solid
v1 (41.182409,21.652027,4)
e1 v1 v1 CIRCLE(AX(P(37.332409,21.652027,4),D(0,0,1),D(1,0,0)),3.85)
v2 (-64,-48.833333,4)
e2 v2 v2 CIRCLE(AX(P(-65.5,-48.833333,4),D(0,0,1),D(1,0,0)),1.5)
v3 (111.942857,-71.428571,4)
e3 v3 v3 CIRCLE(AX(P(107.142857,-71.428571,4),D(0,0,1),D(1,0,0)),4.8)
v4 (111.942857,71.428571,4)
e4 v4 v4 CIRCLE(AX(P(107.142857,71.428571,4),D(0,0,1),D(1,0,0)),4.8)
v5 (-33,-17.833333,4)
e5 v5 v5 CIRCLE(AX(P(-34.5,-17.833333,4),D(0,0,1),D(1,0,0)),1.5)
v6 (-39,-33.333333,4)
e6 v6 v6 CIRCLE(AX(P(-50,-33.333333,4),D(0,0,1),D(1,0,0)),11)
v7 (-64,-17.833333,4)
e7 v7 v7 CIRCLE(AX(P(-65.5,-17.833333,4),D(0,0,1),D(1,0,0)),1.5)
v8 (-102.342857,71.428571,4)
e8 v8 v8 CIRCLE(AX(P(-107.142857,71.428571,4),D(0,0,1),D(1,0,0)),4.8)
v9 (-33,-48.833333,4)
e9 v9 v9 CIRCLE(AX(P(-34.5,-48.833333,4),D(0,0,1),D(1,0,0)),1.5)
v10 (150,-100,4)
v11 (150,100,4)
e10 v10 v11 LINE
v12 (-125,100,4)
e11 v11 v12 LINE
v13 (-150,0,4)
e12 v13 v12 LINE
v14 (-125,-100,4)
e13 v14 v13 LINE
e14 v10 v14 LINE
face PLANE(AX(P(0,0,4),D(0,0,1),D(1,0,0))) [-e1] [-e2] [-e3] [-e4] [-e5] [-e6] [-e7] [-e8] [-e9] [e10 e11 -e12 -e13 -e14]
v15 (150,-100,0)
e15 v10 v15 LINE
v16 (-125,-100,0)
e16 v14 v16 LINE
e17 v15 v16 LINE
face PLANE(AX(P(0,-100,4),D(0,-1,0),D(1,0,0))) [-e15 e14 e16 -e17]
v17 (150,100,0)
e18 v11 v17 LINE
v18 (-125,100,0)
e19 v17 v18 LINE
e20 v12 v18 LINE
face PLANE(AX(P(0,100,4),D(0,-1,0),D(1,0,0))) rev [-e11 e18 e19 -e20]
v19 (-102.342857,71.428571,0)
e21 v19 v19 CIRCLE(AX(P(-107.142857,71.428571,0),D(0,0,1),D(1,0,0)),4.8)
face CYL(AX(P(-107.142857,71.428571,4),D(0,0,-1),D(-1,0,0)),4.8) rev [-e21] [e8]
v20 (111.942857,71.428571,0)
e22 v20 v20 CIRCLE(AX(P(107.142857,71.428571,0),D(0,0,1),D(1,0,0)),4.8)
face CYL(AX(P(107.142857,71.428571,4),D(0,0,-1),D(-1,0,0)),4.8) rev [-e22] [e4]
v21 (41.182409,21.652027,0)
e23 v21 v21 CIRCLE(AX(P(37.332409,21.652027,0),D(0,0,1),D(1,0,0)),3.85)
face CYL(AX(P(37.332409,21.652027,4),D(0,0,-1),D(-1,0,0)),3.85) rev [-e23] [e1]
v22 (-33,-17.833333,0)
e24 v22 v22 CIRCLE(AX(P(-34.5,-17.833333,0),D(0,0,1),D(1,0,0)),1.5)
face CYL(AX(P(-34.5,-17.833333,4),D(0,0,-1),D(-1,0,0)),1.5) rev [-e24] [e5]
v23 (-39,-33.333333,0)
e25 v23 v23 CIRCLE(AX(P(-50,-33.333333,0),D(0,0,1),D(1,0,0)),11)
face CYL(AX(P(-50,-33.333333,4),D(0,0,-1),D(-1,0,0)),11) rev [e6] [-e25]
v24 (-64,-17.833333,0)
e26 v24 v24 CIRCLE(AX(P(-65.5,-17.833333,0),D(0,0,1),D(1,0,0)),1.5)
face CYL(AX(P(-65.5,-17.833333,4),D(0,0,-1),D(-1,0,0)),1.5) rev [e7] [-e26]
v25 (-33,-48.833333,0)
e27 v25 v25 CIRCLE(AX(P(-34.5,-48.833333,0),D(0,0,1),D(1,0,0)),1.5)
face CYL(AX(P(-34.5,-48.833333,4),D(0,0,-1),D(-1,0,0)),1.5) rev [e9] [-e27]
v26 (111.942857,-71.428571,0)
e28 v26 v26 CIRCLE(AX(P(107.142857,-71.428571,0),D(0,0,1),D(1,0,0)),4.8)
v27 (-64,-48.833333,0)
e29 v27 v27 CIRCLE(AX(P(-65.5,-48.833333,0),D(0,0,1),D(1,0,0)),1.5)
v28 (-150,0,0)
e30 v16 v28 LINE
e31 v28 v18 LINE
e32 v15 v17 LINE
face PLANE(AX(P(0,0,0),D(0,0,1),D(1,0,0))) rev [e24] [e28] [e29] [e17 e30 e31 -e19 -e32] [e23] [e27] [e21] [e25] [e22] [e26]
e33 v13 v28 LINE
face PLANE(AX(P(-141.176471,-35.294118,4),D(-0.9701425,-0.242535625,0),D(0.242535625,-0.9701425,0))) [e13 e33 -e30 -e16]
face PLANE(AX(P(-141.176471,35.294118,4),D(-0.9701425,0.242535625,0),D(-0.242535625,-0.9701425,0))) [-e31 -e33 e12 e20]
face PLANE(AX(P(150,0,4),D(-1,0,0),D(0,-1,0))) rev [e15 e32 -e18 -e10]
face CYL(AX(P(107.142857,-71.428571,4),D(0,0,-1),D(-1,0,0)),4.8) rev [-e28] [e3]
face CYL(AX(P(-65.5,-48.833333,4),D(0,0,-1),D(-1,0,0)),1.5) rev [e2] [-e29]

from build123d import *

# Parameters (mm, degrees)
SKETCH1_R           = 1.5
SKETCH1_R_2         = 4.8
SKETCH1_R_3         = 4
BOSS_EXTRUDE1_DEPTH = 4
BOSS_EXTRUDE4_DEPTH = 4
SKETCH1_9_R         = 1.5
SKETCH1_9_R_2       = 11
BOSS_EXTRUDE5_DEPTH = 4
SKETCH1_14_R        = 4
SKETCH1_14_R_2      = 3.85
BOSS_EXTRUDE6_DEPTH = 4
SKETCH1_15_R        = 4
SKETCH1_15_R_2      = 3.85
BOSS_EXTRUDE7_DEPTH = 4


with BuildPart() as part:
    # Sketch1 → Boss-Extrude1 (new body)
    with BuildSketch(Plane.XY):
        Polygon((-125, -100), (150, -100), (150, 100), (-125, 100), (-150, 0), align=None)
        with Locations((-100, -83.333333333)):
            Circle(SKETCH1_R, mode=Mode.SUBTRACT)
        with BuildLine():
            ThreePointArc((-28.85, 11.97315075), (-8.649816618, -5.22350704), (-0.090081146, -30.333333333))
            ThreePointArc((-0.090081146, -30.333333333), (-0.02252536, -31.832657268), (0, -33.333333333))
            ThreePointArc((0, -33.333333333), (-0.02252536, -34.834009399), (-0.090081146, -36.333333333))
            ThreePointArc((-0.090081146, -36.333333333), (-8.649816618, -61.443159627), (-28.85, -78.639817417))
            ThreePointArc((-28.85, -78.639817417), (-50, -83.333333333), (-71.15, -78.639817417))
            ThreePointArc((-71.15, -78.639817417), (-91.350183382, -61.443159627), (-99.909918854, -36.333333333))
            ThreePointArc((-99.909918854, -36.333333333), (-100, -33.333333333), (-99.909918854, -30.333333333))
            ThreePointArc((-99.909918854, -30.333333333), (-91.350183382, -5.22350704), (-71.15, 11.97315075))
            ThreePointArc((-71.15, 11.97315075), (-50, 16.666666667), (-28.85, 11.97315075))
        make_face(mode=Mode.SUBTRACT)
        with Locations((0, -83.333333333)):
            Circle(SKETCH1_R, mode=Mode.SUBTRACT)
        with Locations((107.142857143, -71.428571429)):
            Circle(SKETCH1_R_2, mode=Mode.SUBTRACT)
        with Locations((-100, 16.666666667)):
            Circle(SKETCH1_R, mode=Mode.SUBTRACT)
        with Locations((-107.142857143, 71.428571429)):
            Circle(SKETCH1_R_2, mode=Mode.SUBTRACT)
        with Locations((21.832408692, 6.152026506)):
            Circle(SKETCH1_R, mode=Mode.SUBTRACT)
        with Locations((0, 16.666666667)):
            Circle(SKETCH1_R, mode=Mode.SUBTRACT)
        with Locations((37.332408692, 21.652026506)):
            Circle(SKETCH1_R_3, mode=Mode.SUBTRACT)
        with Locations((52.832408692, 6.152026506)):
            Circle(SKETCH1_R, mode=Mode.SUBTRACT)
        with Locations((21.832408692, 37.152026506)):
            Circle(SKETCH1_R, mode=Mode.SUBTRACT)
        with Locations((52.832408692, 37.152026506)):
            Circle(SKETCH1_R, mode=Mode.SUBTRACT)
        with Locations((107.142857143, 71.428571429)):
            Circle(SKETCH1_R_2, mode=Mode.SUBTRACT)
    extrude(amount=BOSS_EXTRUDE1_DEPTH)

    # Sketch1<8> → Boss-Extrude4 (add)
    with BuildSketch(Plane.XY):
        with BuildLine():
            Line((-28.85, 11.97315075), (-28.85, 0.617771214))
            ThreePointArc((-28.85, 0.617771214), (-10, -33.333333333), (-28.85, -67.284437881))
            Line((-28.85, -67.284437881), (-28.85, -78.639817417))
            ThreePointArc((-28.85, -78.639817417), (0, -33.333333333), (-28.85, 11.97315075))
        make_face()
        with BuildLine():
            ThreePointArc((-71.15, 11.97315075), (-100, -33.333333333), (-71.15, -78.639817417))
            Line((-71.15, -78.639817417), (-71.15, -67.284437881))
            ThreePointArc((-71.15, -67.284437881), (-90, -33.333333333), (-71.15, 0.617771214))
            Line((-71.15, 0.617771214), (-71.15, 11.97315075))
        make_face()
    extrude(amount=BOSS_EXTRUDE4_DEPTH)

    # Sketch1<9> → Boss-Extrude5 (add)
    # profile 1 of 9: a face of its own
    with BuildSketch(Plane.XY):
        with BuildLine():
            ThreePointArc((-28.85, 11.97315075), (-50, 16.666666667), (-71.15, 11.97315075))
            Line((-71.15, 11.97315075), (-71.15, 0.617771214))
            ThreePointArc((-71.15, 0.617771214), (-90, -33.333333333), (-71.15, -67.284437881))
            Line((-71.15, -67.284437881), (-71.15, -78.639817417))
            ThreePointArc((-71.15, -78.639817417), (-50, -83.333333333), (-28.85, -78.639817417))
            Line((-28.85, -78.639817417), (-28.85, -67.284437881))
            ThreePointArc((-28.85, -67.284437881), (-10, -33.333333333), (-28.85, 0.617771214))
            Line((-28.85, 0.617771214), (-28.85, 11.97315075))
        make_face()
        with Locations((-34.5, -17.833333333)):
            Circle(SKETCH1_9_R, mode=Mode.SUBTRACT)
        with Locations((-65.5, -48.833333333)):
            Circle(SKETCH1_9_R, mode=Mode.SUBTRACT)
        with Locations((-50, -33.333333333)):
            Circle(SKETCH1_9_R_2, mode=Mode.SUBTRACT)
        with Locations((-34.5, -48.833333333)):
            Circle(SKETCH1_9_R, mode=Mode.SUBTRACT)
        with Locations((-65.5, -17.833333333)):
            Circle(SKETCH1_9_R, mode=Mode.SUBTRACT)
    # profile 2 of 9: a face of its own
    with BuildSketch(Plane.XY):
        with Locations((21.832408692, 37.152026506)):
            Circle(SKETCH1_9_R)
    # profile 3 of 9: a face of its own
    with BuildSketch(Plane.XY):
        with Locations((52.832408692, 37.152026506)):
            Circle(SKETCH1_9_R)
    # profile 4 of 9: a face of its own
    with BuildSketch(Plane.XY):
        with Locations((52.832408692, 6.152026506)):
            Circle(SKETCH1_9_R)
    # profile 5 of 9: a face of its own
    with BuildSketch(Plane.XY):
        with Locations((21.832408692, 6.152026506)):
            Circle(SKETCH1_9_R)
    # profile 6 of 9: a face of its own
    with BuildSketch(Plane.XY):
        with Locations((-100, 16.666666667)):
            Circle(SKETCH1_9_R)
    # profile 7 of 9: a face of its own
    with BuildSketch(Plane.XY):
        with Locations((0, 16.666666667)):
            Circle(SKETCH1_9_R)
    # profile 8 of 9: a face of its own
    with BuildSketch(Plane.XY):
        with Locations((0, -83.333333333)):
            Circle(SKETCH1_9_R)
    # profile 9 of 9: a face of its own
    with BuildSketch(Plane.XY):
        with Locations((-100, -83.333333333)):
            Circle(SKETCH1_9_R)
    extrude(amount=BOSS_EXTRUDE5_DEPTH)

    # Sketch1<14> → Boss-Extrude6 (add)
    with BuildSketch(Plane.XY):
        with Locations((37.332408692, 21.652026506)):
            Circle(SKETCH1_14_R)
        with Locations((37.332408692, 21.652026506)):
            Circle(SKETCH1_14_R_2, mode=Mode.SUBTRACT)
    extrude(amount=BOSS_EXTRUDE6_DEPTH)

    # Sketch1<15> → Boss-Extrude7 (add)
    with BuildSketch(Plane.XY):
        with Locations((37.332408692, 21.652026506)):
            Circle(SKETCH1_15_R)
        with Locations((37.332408692, 21.652026506)):
            Circle(SKETCH1_15_R_2, mode=Mode.SUBTRACT)
    extrude(amount=BOSS_EXTRUDE7_DEPTH)


solid = part.part
